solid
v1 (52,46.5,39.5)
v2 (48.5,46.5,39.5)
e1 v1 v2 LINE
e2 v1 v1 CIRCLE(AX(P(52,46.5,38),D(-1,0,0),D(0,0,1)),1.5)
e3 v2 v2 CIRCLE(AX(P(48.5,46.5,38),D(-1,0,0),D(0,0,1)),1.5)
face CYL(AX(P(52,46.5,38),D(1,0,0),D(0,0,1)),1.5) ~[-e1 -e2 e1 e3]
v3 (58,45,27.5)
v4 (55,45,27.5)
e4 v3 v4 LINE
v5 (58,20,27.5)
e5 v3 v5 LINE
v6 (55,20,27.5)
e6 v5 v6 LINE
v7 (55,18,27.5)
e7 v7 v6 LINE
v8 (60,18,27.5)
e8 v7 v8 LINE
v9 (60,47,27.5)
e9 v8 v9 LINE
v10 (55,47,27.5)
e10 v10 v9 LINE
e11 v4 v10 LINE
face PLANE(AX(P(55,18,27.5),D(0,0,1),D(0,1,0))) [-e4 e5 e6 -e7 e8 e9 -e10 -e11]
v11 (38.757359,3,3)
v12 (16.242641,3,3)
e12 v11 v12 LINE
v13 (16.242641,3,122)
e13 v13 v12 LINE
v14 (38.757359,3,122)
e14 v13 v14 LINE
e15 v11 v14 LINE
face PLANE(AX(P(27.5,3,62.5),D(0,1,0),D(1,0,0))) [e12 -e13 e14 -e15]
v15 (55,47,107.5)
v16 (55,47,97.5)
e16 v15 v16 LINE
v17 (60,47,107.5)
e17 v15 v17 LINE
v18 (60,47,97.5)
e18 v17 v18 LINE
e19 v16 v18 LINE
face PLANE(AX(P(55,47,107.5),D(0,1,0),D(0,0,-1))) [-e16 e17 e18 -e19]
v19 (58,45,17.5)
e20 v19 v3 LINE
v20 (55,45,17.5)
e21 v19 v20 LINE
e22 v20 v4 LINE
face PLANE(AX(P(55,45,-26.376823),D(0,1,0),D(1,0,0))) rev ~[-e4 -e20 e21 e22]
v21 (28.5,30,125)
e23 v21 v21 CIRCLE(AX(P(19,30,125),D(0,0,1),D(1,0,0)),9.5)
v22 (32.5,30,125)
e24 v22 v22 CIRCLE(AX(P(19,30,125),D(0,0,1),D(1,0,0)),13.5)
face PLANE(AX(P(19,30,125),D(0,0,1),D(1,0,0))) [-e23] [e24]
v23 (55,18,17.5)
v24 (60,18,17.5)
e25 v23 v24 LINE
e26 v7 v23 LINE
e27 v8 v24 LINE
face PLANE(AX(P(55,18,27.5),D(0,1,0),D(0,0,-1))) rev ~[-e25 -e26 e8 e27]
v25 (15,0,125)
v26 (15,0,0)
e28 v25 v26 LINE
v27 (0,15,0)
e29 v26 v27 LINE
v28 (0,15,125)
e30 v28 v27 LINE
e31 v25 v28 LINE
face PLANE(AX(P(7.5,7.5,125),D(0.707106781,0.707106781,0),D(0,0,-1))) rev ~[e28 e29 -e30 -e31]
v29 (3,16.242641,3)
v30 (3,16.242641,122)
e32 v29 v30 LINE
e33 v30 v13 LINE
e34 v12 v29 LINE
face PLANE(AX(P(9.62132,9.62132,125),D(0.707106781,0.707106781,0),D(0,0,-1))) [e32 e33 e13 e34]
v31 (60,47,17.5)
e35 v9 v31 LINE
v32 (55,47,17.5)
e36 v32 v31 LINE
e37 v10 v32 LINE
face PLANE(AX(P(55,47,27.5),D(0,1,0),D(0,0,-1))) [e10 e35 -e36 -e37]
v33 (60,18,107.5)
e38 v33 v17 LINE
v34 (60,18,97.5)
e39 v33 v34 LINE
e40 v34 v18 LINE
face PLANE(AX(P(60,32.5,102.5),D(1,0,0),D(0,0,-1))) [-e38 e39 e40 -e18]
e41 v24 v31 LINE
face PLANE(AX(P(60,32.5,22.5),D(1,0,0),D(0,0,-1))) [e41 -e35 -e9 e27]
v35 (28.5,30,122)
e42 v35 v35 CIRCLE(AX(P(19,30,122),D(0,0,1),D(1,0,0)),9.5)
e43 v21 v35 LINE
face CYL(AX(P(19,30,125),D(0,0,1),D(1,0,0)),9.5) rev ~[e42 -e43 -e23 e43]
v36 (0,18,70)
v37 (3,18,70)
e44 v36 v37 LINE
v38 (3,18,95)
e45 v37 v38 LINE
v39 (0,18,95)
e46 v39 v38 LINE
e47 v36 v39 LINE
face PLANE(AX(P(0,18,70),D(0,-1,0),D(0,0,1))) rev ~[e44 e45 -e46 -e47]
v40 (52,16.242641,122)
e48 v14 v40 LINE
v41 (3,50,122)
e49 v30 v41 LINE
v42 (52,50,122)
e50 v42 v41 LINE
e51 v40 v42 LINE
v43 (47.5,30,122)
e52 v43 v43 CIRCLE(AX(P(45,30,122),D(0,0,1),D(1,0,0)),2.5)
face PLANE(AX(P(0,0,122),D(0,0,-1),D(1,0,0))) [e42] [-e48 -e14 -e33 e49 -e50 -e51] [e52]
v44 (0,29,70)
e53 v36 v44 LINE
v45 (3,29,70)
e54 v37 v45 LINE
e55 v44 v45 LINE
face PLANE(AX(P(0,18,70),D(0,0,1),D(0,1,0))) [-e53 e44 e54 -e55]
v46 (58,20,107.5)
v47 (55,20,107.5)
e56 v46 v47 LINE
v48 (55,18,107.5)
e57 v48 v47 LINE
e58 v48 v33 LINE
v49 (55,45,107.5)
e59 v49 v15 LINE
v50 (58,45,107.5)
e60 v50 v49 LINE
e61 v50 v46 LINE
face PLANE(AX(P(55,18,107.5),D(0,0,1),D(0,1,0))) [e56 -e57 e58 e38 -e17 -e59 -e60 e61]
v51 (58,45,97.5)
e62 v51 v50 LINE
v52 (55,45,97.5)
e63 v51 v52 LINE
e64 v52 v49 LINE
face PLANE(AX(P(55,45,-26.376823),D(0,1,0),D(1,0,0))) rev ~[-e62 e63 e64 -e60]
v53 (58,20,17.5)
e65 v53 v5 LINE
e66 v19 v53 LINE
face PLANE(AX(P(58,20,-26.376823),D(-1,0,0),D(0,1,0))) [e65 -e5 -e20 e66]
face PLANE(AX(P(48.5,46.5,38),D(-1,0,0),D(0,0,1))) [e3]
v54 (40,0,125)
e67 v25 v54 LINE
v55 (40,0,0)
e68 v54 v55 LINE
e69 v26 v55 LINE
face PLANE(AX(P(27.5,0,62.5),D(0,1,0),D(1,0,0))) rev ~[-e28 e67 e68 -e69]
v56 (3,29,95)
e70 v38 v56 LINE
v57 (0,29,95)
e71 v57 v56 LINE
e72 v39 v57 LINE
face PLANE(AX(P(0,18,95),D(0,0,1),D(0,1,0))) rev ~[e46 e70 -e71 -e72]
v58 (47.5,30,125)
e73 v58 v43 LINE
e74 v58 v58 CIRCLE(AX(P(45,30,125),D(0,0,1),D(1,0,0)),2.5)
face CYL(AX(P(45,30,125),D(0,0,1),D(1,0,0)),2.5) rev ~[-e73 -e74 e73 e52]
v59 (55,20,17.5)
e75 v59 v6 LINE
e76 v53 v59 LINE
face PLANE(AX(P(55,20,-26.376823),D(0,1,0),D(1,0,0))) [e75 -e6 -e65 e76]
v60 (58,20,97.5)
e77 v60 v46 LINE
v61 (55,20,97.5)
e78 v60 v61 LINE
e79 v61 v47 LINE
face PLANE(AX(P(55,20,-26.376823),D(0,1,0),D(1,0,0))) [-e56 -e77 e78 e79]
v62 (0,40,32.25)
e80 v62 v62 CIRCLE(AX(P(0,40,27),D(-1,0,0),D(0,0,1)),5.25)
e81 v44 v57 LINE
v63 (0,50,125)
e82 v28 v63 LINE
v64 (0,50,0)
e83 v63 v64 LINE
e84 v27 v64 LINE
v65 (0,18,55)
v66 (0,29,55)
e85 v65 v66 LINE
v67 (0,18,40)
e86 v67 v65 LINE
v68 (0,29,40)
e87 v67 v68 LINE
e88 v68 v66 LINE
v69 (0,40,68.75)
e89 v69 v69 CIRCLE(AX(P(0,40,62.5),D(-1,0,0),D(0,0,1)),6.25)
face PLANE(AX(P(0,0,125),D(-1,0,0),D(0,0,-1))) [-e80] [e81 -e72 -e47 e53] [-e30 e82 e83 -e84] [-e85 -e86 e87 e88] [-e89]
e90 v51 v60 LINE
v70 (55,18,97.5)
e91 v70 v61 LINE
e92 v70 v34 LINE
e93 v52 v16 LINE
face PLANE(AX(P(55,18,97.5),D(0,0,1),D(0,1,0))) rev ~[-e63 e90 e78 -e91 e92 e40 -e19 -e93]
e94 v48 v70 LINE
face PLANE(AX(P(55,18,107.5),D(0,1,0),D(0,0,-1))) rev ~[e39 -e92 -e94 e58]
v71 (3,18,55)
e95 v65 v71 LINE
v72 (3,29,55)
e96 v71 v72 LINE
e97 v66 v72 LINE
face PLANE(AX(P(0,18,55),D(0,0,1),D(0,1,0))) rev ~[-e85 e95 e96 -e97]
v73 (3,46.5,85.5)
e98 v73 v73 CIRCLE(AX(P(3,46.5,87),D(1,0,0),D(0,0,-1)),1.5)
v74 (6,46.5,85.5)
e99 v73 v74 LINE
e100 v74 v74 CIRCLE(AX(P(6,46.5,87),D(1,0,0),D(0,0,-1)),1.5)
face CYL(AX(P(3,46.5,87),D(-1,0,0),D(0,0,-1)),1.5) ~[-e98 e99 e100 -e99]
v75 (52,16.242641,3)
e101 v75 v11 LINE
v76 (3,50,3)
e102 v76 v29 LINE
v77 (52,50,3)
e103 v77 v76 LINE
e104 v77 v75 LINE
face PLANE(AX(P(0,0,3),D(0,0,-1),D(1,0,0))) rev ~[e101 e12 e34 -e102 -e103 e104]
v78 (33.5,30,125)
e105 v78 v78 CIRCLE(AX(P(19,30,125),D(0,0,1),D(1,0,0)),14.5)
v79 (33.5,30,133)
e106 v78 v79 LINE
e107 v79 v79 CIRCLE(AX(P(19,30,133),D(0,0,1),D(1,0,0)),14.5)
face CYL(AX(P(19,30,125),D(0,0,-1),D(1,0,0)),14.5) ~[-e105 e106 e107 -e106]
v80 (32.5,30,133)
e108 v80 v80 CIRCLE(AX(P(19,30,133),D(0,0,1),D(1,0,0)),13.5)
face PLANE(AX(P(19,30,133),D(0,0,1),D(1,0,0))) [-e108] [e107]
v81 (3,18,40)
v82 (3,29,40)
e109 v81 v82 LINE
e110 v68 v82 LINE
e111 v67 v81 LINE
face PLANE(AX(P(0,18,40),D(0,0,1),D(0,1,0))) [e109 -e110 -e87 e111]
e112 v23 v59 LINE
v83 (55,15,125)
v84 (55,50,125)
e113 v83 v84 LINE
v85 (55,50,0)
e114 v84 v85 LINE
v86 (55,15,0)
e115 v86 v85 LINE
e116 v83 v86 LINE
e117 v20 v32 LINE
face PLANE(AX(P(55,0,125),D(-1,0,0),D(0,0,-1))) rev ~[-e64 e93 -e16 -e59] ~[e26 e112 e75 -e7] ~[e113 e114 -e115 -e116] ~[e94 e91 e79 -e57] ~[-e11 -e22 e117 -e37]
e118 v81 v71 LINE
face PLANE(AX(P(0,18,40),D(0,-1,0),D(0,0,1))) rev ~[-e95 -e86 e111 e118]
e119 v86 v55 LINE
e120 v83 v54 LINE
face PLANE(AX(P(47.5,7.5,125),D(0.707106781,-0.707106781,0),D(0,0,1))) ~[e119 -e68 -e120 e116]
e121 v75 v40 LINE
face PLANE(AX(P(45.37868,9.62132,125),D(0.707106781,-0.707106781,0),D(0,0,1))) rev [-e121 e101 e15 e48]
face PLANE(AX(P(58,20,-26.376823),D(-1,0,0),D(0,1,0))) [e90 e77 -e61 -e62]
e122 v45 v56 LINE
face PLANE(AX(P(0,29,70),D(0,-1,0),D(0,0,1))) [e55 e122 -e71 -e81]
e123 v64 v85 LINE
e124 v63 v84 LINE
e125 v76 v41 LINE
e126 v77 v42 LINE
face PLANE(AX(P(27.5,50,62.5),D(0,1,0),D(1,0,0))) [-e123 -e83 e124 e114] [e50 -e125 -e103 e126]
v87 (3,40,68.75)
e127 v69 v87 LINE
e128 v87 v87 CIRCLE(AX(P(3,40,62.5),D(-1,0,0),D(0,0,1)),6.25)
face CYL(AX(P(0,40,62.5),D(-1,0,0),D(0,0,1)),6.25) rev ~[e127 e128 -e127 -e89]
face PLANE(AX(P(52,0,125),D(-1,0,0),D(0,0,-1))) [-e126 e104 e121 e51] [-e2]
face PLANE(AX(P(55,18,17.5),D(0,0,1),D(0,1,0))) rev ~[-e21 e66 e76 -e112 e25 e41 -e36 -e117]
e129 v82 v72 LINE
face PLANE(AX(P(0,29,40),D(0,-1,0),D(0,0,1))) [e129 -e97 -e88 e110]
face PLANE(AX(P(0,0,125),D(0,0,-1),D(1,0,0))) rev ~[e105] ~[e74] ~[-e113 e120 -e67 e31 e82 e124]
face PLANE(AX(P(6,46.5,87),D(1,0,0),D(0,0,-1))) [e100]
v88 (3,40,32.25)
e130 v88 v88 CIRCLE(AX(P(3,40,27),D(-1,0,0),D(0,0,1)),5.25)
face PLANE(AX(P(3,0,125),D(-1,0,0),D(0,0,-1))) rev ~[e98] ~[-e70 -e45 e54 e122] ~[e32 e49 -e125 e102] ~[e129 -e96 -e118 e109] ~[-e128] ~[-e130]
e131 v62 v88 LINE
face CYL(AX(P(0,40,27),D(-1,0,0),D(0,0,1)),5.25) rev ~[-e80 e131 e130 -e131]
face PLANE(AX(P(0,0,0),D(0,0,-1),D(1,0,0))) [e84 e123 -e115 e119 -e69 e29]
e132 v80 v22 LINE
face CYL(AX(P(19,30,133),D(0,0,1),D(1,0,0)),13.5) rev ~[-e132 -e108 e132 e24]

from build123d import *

# Parameters (mm, degrees)
SKETCH1_W               = 55
SKETCH1_H               = 125
BOSS_EXTRUDE1_DEPTH     = 50
FILLET1_SIZE            = 15
CHAMFER1_SIZE           = 15
SHELL1_T                = -3
SKETCH11_W              = 10
SKETCH11_H              = 29
BOSS_EXTRUDE3_DEPTH     = 5
CUT_EXTRUDE2_DEPTH      = 133.876822659
CUT_EXTRUDE2_DEPTH_BACK = 133.876822659
SKETCH12_W              = 3
SKETCH12_H              = 25
SKETCH31_R              = 14.5
BOSS_EXTRUDE10_DEPTH    = 8
SKETCH32_R              = 13.5
CUT_EXTRUDE11_DEPTH     = 8
SKETCH33_R              = 9.5
CUT_EXTRUDE12_DEPTH     = 20
SKETCH34_R              = 2.5
CUT_EXTRUDE15_DEPTH     = 5
SKETCH39_W              = 15
SKETCH39_H              = 11
SKETCH39_W_2            = 25
CUT_EXTRUDE16_DEPTH     = 10
SKETCH41_R              = 6.25
SKETCH41_R_2            = 5.25
CUT_EXTRUDE17_DEPTH     = 10
SKETCH44_R              = 1.5
BOSS_EXTRUDE11_DEPTH    = 3
SKETCH45_R              = 1.5
BOSS_EXTRUDE12_DEPTH    = 3.5


with BuildPart() as part:
    # Sketch1 → Boss-Extrude1 (new body)
    with BuildSketch(Plane(origin=(0, 0, 0), x_dir=(1, 0, 0), z_dir=(0, 1, 0))):
        with Locations((27.5, -62.5)):
            Rectangle(SKETCH1_W, SKETCH1_H)
    extrude(amount=BOSS_EXTRUDE1_DEPTH)

    # Fillet1
    fillet1_edges = [part.edges().sort_by_distance(p)[0] for p in [
        (55, 0, 62.5),
    ]]
    chamfer(fillet1_edges, length=FILLET1_SIZE)

    # Chamfer1
    chamfer1_edges = [part.edges().sort_by_distance(p)[0] for p in [
        (0, 0, 62.5),
    ]]
    chamfer(chamfer1_edges, length=CHAMFER1_SIZE)

    # Shell1
    shell1_openings = [part.faces().sort_by_distance(p)[0] for p in [
        (27.5, 50, 62.5),
    ]]
    offset(amount=SHELL1_T, openings=shell1_openings, kind=Kind.INTERSECTION)

    # Sketch11 → Boss-Extrude3 (add)
    with BuildSketch(Plane(origin=(55, 0, 0), x_dir=(0, 0, -1), z_dir=(1, 0, 0))):
        with Locations((-102.5, 32.5)):
            Rectangle(SKETCH11_W, SKETCH11_H)
        with Locations((-22.5, 32.5)):
            Rectangle(SKETCH11_W, SKETCH11_H)
    extrude(amount=BOSS_EXTRUDE3_DEPTH)

    # Sketch12 → Cut-Extrude2 (cut, two sides: drawn at the far end of the back side and taken through both)
    with BuildSketch(Plane.XY.offset(107.5).offset(-CUT_EXTRUDE2_DEPTH_BACK)):
        with Locations((56.5, 32.5)):
            Rectangle(SKETCH12_W, SKETCH12_H)
    extrude(amount=CUT_EXTRUDE2_DEPTH + CUT_EXTRUDE2_DEPTH_BACK, mode=Mode.SUBTRACT)

    # Sketch31 → Boss-Extrude10 (add)
    with BuildSketch(Plane.XY.offset(125)):
        with Locations((19, 30)):
            Circle(SKETCH31_R)
    extrude(amount=BOSS_EXTRUDE10_DEPTH)

    # Sketch32 → Cut-Extrude11 (cut)
    with BuildSketch(Plane.XY.offset(133)):
        with Locations((19, 30)):
            Circle(SKETCH32_R)
    extrude(amount=-CUT_EXTRUDE11_DEPTH, mode=Mode.SUBTRACT)

    # Sketch33 → Cut-Extrude12 (cut)
    with BuildSketch(Plane.XY.offset(125)):
        with Locations((19, 30)):
            Circle(SKETCH33_R)
    extrude(amount=-CUT_EXTRUDE12_DEPTH, mode=Mode.SUBTRACT)

    # Sketch34 → Cut-Extrude15 (cut)
    with BuildSketch(Plane.XY.offset(125)):
        with Locations((45, 30)):
            Circle(SKETCH34_R)
    extrude(amount=-CUT_EXTRUDE15_DEPTH, mode=Mode.SUBTRACT)

    # Sketch39 → Cut-Extrude16 (cut)
    with BuildSketch(Plane.ZY):
        with Locations((47.5, 23.5)):
            Rectangle(SKETCH39_W, SKETCH39_H)
        with Locations((82.5, 23.5)):
            Rectangle(SKETCH39_W_2, SKETCH39_H)
    extrude(amount=-CUT_EXTRUDE16_DEPTH, mode=Mode.SUBTRACT)

    # Sketch41 → Cut-Extrude17 (cut)
    with BuildSketch(Plane.ZY):
        with Locations((62.5, 40)):
            Circle(SKETCH41_R)
        with Locations((27, 40)):
            Circle(SKETCH41_R_2)
    extrude(amount=-CUT_EXTRUDE17_DEPTH, mode=Mode.SUBTRACT)

    # Sketch44 → Boss-Extrude11 (add)
    with BuildSketch(Plane(origin=(3, 0, 0), x_dir=(0, 0, -1), z_dir=(1, 0, 0))):
        with Locations((-87, 46.5)):
            Circle(SKETCH44_R)
    extrude(amount=BOSS_EXTRUDE11_DEPTH)

    # Sketch45 → Boss-Extrude12 (add)
    with BuildSketch(Plane.ZY.offset(-52)):
        with Locations((38, 46.5)):
            Circle(SKETCH45_R)
    extrude(amount=BOSS_EXTRUDE12_DEPTH)


solid = part.part
